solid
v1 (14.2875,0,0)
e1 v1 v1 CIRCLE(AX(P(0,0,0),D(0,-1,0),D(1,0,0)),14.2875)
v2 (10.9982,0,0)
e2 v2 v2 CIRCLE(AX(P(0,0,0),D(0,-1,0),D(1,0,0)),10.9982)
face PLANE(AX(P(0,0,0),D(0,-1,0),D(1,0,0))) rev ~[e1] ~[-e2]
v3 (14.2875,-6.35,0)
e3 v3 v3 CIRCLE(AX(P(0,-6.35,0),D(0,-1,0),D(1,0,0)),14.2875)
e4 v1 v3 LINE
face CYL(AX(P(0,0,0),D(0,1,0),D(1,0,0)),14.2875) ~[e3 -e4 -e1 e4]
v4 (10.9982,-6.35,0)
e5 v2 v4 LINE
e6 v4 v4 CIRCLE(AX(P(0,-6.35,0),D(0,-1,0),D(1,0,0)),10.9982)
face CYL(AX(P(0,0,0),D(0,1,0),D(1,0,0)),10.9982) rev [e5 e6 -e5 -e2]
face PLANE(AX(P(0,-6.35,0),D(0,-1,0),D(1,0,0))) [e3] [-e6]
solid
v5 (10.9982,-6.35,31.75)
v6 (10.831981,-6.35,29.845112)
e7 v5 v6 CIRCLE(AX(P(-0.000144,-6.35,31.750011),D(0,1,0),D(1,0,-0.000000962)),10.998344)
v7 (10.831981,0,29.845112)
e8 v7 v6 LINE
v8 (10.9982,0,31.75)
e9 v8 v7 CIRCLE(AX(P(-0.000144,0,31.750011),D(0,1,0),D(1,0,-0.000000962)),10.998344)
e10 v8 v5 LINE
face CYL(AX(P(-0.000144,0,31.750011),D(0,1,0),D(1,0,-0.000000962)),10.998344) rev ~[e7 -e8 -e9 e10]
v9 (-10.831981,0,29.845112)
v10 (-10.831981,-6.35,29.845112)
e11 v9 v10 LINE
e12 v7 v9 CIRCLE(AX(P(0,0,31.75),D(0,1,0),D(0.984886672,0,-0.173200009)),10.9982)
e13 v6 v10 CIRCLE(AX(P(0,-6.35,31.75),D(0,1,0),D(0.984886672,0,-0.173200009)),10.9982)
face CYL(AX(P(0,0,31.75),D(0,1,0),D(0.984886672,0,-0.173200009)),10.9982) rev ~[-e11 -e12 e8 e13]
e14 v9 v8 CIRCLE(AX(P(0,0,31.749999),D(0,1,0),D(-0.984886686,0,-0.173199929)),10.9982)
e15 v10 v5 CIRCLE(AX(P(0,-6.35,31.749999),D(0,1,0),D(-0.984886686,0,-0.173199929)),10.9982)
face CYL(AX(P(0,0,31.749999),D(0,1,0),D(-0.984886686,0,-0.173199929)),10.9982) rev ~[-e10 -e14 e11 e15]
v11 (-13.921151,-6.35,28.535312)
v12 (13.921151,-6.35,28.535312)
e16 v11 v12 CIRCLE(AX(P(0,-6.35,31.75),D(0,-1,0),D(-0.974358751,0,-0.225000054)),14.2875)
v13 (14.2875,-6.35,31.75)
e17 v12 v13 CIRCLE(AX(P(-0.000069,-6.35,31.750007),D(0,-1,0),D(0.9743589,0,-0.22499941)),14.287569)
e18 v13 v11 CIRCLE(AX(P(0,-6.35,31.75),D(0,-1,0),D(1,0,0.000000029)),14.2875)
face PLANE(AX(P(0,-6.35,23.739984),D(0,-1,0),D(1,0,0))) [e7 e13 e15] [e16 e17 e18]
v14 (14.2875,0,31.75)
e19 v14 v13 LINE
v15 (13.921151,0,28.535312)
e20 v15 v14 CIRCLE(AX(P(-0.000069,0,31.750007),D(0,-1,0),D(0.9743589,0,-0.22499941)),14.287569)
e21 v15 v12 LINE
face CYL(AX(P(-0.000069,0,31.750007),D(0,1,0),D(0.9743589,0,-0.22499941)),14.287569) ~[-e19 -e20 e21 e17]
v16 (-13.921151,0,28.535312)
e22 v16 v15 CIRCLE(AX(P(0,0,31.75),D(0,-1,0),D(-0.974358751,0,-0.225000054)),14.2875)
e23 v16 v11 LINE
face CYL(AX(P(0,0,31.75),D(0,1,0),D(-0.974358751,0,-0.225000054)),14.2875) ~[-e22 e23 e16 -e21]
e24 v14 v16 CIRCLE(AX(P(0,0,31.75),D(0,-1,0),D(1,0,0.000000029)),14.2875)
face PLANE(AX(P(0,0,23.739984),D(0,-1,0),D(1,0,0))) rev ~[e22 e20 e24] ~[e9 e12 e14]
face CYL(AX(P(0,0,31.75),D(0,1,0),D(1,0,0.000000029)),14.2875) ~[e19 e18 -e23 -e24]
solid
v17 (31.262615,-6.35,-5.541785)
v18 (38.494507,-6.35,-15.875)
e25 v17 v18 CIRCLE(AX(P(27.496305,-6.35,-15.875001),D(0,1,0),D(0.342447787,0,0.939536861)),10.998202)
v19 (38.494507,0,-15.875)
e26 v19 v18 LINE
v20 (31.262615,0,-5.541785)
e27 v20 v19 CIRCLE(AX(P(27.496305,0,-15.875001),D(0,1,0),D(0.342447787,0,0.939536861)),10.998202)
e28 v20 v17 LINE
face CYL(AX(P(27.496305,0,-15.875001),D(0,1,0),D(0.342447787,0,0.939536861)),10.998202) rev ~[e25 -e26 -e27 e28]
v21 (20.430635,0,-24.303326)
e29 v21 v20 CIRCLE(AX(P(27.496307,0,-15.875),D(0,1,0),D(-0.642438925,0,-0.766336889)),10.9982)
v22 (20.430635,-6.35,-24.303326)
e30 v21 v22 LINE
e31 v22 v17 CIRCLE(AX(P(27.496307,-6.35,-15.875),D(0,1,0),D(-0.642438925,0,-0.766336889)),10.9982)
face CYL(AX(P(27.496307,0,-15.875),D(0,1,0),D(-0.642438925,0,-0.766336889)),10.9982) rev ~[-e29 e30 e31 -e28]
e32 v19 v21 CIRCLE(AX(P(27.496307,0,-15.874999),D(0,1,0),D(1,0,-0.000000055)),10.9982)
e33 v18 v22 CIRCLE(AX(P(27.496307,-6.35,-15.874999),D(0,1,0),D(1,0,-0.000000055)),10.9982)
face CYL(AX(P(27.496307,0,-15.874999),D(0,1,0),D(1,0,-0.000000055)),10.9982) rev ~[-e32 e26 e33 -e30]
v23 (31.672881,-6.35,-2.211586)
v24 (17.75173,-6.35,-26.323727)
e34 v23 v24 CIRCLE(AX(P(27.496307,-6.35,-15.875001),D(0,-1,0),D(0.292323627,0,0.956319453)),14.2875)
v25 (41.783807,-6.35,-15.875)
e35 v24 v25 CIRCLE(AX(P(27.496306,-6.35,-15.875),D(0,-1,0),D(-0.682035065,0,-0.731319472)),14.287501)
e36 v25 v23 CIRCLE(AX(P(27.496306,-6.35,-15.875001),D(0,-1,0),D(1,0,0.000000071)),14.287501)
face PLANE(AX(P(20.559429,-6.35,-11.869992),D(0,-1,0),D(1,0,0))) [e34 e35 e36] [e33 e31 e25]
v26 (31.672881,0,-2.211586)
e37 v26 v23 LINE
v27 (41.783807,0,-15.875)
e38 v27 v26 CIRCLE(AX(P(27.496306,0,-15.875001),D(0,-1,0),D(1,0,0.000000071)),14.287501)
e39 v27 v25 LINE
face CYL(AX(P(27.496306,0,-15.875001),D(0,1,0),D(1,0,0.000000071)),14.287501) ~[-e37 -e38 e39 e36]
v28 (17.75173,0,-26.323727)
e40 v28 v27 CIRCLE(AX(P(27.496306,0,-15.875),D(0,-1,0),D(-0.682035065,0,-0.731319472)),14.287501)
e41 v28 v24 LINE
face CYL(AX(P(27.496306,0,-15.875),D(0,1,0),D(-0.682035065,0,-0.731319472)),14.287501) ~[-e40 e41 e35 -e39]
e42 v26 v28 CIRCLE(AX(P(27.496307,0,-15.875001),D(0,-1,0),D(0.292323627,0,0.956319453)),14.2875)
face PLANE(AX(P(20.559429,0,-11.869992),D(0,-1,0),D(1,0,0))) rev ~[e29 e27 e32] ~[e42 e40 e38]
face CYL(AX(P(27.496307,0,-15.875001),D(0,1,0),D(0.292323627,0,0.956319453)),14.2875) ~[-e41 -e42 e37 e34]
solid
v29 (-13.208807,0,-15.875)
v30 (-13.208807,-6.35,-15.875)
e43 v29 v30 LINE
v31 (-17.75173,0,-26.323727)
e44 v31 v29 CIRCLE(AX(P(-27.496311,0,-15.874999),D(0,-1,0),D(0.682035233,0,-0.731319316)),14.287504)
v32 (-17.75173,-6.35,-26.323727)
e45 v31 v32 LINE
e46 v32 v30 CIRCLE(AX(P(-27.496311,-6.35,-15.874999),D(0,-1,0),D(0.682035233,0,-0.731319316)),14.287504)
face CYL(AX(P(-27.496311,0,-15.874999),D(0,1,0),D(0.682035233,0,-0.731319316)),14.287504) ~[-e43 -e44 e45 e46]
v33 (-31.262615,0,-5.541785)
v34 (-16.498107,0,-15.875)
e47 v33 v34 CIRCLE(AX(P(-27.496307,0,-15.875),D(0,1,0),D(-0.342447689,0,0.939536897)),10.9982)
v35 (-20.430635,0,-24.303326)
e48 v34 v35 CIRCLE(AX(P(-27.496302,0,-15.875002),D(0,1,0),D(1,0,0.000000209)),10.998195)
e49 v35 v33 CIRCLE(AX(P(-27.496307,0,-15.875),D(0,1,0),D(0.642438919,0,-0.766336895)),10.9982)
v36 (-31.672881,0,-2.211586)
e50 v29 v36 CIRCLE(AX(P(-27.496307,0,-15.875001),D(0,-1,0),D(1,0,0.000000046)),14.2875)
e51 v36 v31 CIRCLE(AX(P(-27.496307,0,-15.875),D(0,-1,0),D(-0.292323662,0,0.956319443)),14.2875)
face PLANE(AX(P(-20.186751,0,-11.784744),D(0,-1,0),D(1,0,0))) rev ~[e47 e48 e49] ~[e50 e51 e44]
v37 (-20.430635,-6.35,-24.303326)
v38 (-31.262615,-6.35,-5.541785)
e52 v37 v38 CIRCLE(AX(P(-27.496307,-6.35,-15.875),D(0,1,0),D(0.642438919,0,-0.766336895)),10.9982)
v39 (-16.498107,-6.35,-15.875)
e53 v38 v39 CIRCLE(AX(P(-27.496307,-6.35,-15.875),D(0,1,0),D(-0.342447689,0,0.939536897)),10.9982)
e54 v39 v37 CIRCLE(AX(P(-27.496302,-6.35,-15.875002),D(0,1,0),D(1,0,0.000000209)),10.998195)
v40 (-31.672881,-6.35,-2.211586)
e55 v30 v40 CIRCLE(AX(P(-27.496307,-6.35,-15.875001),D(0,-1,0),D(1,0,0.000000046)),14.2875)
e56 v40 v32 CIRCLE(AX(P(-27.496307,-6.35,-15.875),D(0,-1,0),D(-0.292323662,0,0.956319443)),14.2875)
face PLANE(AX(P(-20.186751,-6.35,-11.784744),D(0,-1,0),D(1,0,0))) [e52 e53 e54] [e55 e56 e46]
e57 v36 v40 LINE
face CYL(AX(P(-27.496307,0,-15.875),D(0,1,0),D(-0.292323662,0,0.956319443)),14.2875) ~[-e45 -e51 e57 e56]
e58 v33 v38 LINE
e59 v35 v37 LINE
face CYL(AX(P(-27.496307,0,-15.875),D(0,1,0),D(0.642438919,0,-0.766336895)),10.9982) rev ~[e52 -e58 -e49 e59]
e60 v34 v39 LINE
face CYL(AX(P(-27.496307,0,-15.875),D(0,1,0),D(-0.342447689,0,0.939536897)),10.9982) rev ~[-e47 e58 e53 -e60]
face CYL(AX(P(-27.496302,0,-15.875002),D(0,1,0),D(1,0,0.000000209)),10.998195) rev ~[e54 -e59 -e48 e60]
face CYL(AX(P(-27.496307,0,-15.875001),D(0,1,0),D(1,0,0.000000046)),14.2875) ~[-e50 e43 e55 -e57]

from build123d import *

# Parameters (mm, degrees)
F0_R     = 14.2875
F0_R_2   = 10.9982
F1_DEPTH = 6.35


with BuildPart() as f1:
    # F0 (on Front) → F1 (new body)
    with BuildSketch(Plane.XZ):
        with BuildLine():
            ThreePointArc((-13.208807, -15.875), (-18.997488, -4.390109), (-31.672881, -2.211586))
            ThreePointArc((-31.672881, -2.211586), (-31.511771, -3.882109), (-31.262615, -5.541785))
            ThreePointArc((-31.262615, -5.541785), (-21.190048, -6.864367), (-16.498107, -15.875))
            ThreePointArc((-16.498107, -15.875), (-17.52961, -20.525308), (-20.430635, -24.303326))
            ThreePointArc((-20.430635, -24.303326), (-19.117891, -25.34894), (-17.75173, -26.323727))
            ThreePointArc((-17.75173, -26.323727), (-14.393668, -21.571798), (-13.208807, -15.875))
        make_face()
        with BuildLine():
            ThreePointArc((-31.262615, -5.541785), (-31.511771, -3.882109), (-31.672881, -2.211586))
            ThreePointArc((-31.672881, -2.211586), (-39.869645, -23.01875), (-17.75173, -26.323727))
            ThreePointArc((-17.75173, -26.323727), (-19.117891, -25.34894), (-20.430635, -24.303326))
            ThreePointArc((-20.430635, -24.303326), (-37.021027, -21.3741), (-31.262615, -5.541785))
        make_face()
        with BuildLine():
            ThreePointArc((-10.831981, 29.845112), (-12.39388, 29.231049), (-13.921151, 28.535312))
            ThreePointArc((-13.921151, 28.535312), (0, 17.4625), (13.921151, 28.535312))
            ThreePointArc((13.921151, 28.535312), (12.39388, 29.231049), (10.831981, 29.845112))
            ThreePointArc((10.831981, 29.845112), (0, 20.7518), (-10.831981, 29.845112))
        make_face()
        with BuildLine():
            ThreePointArc((13.921151, 28.535312), (14.195617, 30.132253), (14.2875, 31.75))
            ThreePointArc((14.2875, 31.75), (-1.617747, 45.945617), (-13.921151, 28.535312))
            ThreePointArc((-13.921151, 28.535312), (-12.39388, 29.231049), (-10.831981, 29.845112))
            ThreePointArc((-10.831981, 29.845112), (-0.956063, 42.706566), (10.9982, 31.75))
            ThreePointArc((10.9982, 31.75), (10.956566, 30.793937), (10.831981, 29.845112))
            ThreePointArc((10.831981, 29.845112), (12.39388, 29.231049), (13.921151, 28.535312))
        make_face()
        Circle(F0_R)
        Circle(F0_R_2, mode=Mode.SUBTRACT)
        with BuildLine():
            ThreePointArc((31.262615, -5.541785), (31.511771, -3.882109), (31.672881, -2.211586))
            ThreePointArc((31.672881, -2.211586), (15.122969, -8.73125), (17.75173, -26.323727))
            ThreePointArc((17.75173, -26.323727), (19.117891, -25.34894), (20.430635, -24.303326))
            ThreePointArc((20.430635, -24.303326), (17.971586, -10.3759), (31.262615, -5.541785))
        make_face()
        with BuildLine():
            ThreePointArc((41.783807, -15.875), (38.981198, -7.376181), (31.672881, -2.211586))
            ThreePointArc((31.672881, -2.211586), (31.511771, -3.882109), (31.262615, -5.541785))
            ThreePointArc((31.262615, -5.541785), (36.50694, -9.568742), (38.494507, -15.875))
            ThreePointArc((38.494507, -15.875), (32.146615, -25.841696), (20.430635, -24.303326))
            ThreePointArc((20.430635, -24.303326), (19.117891, -25.34894), (17.75173, -26.323727))
            ThreePointArc((17.75173, -26.323727), (33.193105, -28.977639), (41.783807, -15.875))
        make_face()
    extrude(amount=F1_DEPTH)


solid = f1.part
